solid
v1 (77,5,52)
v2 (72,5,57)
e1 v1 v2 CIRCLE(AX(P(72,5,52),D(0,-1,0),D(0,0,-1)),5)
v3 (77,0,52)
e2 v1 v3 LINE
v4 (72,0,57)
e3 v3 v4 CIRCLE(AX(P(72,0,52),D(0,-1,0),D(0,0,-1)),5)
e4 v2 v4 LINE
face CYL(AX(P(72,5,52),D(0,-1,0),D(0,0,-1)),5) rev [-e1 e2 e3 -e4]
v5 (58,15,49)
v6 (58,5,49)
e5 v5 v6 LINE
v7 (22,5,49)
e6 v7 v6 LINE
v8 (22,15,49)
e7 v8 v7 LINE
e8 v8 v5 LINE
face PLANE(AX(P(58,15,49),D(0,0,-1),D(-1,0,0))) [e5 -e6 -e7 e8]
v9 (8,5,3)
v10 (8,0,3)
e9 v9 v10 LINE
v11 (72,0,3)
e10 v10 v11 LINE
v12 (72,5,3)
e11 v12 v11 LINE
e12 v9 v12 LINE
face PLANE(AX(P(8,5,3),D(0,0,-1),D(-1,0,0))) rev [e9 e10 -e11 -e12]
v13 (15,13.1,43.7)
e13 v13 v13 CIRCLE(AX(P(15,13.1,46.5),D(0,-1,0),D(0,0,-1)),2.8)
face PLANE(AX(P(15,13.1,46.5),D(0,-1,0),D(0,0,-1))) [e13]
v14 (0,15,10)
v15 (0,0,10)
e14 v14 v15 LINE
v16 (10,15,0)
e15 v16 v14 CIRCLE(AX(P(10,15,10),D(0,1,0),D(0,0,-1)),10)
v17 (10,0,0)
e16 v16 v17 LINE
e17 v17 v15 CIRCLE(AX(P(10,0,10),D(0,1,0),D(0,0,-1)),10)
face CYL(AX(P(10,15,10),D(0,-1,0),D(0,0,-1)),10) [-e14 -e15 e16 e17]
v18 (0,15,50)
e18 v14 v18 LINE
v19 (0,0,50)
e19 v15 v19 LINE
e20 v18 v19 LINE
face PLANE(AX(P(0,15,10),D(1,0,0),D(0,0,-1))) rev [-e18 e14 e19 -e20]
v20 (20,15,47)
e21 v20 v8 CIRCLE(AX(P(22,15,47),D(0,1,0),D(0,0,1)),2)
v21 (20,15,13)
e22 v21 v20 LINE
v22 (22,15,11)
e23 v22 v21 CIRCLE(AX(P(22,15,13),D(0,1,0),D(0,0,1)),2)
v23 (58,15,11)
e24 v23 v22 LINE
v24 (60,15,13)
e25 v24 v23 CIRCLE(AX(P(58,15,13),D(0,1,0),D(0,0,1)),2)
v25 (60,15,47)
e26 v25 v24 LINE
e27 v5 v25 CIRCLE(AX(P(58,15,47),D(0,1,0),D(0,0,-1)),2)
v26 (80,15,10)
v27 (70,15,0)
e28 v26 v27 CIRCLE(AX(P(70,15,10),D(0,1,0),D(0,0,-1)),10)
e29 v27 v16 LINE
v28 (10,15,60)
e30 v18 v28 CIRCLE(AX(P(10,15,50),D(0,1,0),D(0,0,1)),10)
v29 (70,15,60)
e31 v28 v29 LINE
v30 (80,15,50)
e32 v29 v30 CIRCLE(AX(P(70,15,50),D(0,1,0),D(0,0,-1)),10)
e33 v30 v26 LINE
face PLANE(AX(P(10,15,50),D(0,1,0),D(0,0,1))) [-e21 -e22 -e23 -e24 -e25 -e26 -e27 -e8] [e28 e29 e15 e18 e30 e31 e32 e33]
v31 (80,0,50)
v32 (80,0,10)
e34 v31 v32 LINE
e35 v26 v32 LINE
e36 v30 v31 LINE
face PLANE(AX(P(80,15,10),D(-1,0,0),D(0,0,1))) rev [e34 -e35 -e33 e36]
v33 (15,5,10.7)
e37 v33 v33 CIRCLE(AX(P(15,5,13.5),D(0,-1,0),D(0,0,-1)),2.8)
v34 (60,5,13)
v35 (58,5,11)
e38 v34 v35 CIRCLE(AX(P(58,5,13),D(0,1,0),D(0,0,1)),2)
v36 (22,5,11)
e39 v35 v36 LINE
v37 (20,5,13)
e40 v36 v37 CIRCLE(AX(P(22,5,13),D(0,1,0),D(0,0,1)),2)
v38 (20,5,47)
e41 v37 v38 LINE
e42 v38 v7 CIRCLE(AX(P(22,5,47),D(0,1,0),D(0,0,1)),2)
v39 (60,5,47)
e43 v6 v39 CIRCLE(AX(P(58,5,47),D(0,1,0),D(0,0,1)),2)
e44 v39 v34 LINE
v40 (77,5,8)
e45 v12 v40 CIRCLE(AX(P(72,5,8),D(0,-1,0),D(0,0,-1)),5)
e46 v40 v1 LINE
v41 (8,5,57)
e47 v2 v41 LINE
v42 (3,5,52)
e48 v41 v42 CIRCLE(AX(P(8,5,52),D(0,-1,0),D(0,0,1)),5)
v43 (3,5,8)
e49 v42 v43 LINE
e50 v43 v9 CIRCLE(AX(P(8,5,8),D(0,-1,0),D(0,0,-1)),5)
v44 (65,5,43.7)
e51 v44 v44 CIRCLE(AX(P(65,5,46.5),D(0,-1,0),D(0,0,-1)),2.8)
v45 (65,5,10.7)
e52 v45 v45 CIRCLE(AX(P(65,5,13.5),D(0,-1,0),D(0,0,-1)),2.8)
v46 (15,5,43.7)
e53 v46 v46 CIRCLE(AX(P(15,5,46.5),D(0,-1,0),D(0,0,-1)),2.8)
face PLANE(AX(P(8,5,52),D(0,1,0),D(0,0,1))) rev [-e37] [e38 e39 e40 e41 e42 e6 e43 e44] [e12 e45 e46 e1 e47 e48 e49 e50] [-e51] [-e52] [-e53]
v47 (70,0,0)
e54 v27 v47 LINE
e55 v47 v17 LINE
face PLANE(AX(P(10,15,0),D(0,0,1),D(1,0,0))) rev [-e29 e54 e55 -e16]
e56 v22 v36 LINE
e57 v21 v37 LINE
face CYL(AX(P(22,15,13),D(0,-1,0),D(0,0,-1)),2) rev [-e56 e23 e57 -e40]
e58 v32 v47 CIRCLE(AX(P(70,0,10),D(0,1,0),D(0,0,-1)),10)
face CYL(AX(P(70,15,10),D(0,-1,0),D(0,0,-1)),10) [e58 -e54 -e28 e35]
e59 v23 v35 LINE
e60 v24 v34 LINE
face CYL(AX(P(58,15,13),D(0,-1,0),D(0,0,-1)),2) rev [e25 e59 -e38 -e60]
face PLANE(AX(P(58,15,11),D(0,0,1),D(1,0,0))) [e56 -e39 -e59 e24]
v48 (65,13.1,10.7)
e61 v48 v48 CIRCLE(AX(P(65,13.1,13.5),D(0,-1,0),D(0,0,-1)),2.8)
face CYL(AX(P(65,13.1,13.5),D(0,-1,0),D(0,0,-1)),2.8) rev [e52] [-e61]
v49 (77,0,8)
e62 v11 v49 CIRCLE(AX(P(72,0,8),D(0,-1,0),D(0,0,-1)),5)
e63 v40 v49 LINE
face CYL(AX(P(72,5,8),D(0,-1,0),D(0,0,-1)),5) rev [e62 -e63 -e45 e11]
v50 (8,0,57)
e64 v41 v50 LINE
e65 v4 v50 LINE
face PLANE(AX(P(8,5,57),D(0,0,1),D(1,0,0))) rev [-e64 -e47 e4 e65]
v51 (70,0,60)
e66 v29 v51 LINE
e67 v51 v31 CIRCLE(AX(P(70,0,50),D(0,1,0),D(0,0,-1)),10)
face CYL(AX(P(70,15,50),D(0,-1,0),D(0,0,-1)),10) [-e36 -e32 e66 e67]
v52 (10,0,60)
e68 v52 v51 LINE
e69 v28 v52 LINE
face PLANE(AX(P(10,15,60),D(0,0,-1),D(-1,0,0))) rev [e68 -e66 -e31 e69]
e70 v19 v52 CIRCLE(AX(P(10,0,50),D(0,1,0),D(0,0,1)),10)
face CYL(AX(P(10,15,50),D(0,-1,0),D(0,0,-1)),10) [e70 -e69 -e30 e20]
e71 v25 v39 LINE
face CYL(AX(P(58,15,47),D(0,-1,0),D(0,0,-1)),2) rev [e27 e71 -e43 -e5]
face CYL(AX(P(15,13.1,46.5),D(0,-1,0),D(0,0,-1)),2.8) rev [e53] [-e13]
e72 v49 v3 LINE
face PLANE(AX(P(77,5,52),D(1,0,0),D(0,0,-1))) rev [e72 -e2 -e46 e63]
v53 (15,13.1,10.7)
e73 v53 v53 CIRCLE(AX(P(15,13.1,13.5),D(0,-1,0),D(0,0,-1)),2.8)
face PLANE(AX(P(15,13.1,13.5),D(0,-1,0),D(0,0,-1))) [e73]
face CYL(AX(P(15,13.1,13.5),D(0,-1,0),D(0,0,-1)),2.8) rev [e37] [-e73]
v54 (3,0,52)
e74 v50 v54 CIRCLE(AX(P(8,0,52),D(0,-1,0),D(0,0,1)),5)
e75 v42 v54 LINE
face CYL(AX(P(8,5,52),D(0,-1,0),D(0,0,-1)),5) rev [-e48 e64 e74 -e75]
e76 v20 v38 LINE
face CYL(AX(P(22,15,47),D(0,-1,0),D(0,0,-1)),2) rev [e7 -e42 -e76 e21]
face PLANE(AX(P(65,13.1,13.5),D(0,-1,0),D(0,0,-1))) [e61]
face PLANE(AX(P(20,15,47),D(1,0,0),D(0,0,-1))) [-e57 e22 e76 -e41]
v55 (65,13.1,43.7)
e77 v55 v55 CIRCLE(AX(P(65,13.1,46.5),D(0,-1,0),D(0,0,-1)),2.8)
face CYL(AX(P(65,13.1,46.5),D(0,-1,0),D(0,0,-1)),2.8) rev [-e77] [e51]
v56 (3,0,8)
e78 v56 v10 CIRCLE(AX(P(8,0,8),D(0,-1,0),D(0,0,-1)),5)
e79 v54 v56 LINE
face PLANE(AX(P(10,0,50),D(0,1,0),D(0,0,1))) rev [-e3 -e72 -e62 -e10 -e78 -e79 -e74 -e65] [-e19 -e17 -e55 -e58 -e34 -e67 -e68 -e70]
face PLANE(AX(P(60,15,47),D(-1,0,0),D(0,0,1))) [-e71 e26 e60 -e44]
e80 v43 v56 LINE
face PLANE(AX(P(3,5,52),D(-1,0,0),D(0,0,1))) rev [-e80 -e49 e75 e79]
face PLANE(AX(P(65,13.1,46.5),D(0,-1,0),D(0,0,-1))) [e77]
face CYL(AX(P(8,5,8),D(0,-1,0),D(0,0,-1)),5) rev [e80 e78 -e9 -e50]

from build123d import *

# Parameters (mm, degrees)
BOSS_EXTRU_1_DEPTH      = 15
ENL_V_MAT_EXTRU_1_DEPTH = 5
ESQUISSE3_R             = 2.8
ENL_V_MAT_EXTRU_2_DEPTH = 8.1


with BuildPart() as part:
    # Esquisse1 → Boss.-Extru.1 (new body)
    with BuildSketch(Plane(origin=(0, 0, 0), x_dir=(1, 0, 0), z_dir=(0, 1, 0))):
        with BuildLine():
            Line((10, 0), (70, 0))
            ThreePointArc((70, 0), (77.071067812, -2.928932188), (80, -10))
            Line((80, -10), (80, -50))
            ThreePointArc((80, -50), (77.071067812, -57.071067812), (70, -60))
            Line((70, -60), (10, -60))
            ThreePointArc((10, -60), (2.928932188, -57.071067812), (0, -50))
            Line((0, -50), (0, -10))
            ThreePointArc((0, -10), (2.928932188, -2.928932188), (10, 0))
        make_face()
        with BuildLine():
            Line((58, -49), (22, -49))
            ThreePointArc((22, -49), (20.585786438, -48.414213562), (20, -47))
            Line((20, -47), (20, -13))
            ThreePointArc((20, -13), (20.585786438, -11.585786438), (22, -11))
            Line((22, -11), (58, -11))
            ThreePointArc((58, -11), (59.414213562, -11.585786438), (60, -13))
            Line((60, -13), (60, -47))
            ThreePointArc((60, -47), (59.414213562, -48.414213562), (58, -49))
        make_face(mode=Mode.SUBTRACT)
    extrude(amount=BOSS_EXTRU_1_DEPTH)

    # Esquisse2 → Enlèv. mat.-Extru.1 (cut)
    with BuildSketch(Plane.XZ):
        with BuildLine():
            Line((8, 57), (72, 57))
            ThreePointArc((72, 57), (75.535533906, 55.535533906), (77, 52))
            Line((77, 52), (77, 8))
            ThreePointArc((77, 8), (75.535533906, 4.464466094), (72, 3))
            Line((72, 3), (8, 3))
            ThreePointArc((8, 3), (4.464466094, 4.464466094), (3, 8))
            Line((3, 8), (3, 52))
            ThreePointArc((3, 52), (4.464466094, 55.535533906), (8, 57))
        make_face()
    extrude(amount=-ENL_V_MAT_EXTRU_1_DEPTH, mode=Mode.SUBTRACT)

    # Esquisse3 → Enlèv. mat.-Extru.2 (cut)
    with BuildSketch(Plane.XZ.offset(-5)):
        with Locations(Location((65, 13.5, 0), (0, 0, 270))):
            Circle(ESQUISSE3_R)
        with Locations(Location((65, 46.5, 0), (0, 0, 270))):
            Circle(ESQUISSE3_R)
        with Locations(Location((15, 13.5, 0), (0, 0, 270))):
            Circle(ESQUISSE3_R)
        with Locations(Location((15, 46.5, 0), (0, 0, 270))):
            Circle(ESQUISSE3_R)
    extrude(amount=-ENL_V_MAT_EXTRU_2_DEPTH, mode=Mode.SUBTRACT)


solid = part.part
